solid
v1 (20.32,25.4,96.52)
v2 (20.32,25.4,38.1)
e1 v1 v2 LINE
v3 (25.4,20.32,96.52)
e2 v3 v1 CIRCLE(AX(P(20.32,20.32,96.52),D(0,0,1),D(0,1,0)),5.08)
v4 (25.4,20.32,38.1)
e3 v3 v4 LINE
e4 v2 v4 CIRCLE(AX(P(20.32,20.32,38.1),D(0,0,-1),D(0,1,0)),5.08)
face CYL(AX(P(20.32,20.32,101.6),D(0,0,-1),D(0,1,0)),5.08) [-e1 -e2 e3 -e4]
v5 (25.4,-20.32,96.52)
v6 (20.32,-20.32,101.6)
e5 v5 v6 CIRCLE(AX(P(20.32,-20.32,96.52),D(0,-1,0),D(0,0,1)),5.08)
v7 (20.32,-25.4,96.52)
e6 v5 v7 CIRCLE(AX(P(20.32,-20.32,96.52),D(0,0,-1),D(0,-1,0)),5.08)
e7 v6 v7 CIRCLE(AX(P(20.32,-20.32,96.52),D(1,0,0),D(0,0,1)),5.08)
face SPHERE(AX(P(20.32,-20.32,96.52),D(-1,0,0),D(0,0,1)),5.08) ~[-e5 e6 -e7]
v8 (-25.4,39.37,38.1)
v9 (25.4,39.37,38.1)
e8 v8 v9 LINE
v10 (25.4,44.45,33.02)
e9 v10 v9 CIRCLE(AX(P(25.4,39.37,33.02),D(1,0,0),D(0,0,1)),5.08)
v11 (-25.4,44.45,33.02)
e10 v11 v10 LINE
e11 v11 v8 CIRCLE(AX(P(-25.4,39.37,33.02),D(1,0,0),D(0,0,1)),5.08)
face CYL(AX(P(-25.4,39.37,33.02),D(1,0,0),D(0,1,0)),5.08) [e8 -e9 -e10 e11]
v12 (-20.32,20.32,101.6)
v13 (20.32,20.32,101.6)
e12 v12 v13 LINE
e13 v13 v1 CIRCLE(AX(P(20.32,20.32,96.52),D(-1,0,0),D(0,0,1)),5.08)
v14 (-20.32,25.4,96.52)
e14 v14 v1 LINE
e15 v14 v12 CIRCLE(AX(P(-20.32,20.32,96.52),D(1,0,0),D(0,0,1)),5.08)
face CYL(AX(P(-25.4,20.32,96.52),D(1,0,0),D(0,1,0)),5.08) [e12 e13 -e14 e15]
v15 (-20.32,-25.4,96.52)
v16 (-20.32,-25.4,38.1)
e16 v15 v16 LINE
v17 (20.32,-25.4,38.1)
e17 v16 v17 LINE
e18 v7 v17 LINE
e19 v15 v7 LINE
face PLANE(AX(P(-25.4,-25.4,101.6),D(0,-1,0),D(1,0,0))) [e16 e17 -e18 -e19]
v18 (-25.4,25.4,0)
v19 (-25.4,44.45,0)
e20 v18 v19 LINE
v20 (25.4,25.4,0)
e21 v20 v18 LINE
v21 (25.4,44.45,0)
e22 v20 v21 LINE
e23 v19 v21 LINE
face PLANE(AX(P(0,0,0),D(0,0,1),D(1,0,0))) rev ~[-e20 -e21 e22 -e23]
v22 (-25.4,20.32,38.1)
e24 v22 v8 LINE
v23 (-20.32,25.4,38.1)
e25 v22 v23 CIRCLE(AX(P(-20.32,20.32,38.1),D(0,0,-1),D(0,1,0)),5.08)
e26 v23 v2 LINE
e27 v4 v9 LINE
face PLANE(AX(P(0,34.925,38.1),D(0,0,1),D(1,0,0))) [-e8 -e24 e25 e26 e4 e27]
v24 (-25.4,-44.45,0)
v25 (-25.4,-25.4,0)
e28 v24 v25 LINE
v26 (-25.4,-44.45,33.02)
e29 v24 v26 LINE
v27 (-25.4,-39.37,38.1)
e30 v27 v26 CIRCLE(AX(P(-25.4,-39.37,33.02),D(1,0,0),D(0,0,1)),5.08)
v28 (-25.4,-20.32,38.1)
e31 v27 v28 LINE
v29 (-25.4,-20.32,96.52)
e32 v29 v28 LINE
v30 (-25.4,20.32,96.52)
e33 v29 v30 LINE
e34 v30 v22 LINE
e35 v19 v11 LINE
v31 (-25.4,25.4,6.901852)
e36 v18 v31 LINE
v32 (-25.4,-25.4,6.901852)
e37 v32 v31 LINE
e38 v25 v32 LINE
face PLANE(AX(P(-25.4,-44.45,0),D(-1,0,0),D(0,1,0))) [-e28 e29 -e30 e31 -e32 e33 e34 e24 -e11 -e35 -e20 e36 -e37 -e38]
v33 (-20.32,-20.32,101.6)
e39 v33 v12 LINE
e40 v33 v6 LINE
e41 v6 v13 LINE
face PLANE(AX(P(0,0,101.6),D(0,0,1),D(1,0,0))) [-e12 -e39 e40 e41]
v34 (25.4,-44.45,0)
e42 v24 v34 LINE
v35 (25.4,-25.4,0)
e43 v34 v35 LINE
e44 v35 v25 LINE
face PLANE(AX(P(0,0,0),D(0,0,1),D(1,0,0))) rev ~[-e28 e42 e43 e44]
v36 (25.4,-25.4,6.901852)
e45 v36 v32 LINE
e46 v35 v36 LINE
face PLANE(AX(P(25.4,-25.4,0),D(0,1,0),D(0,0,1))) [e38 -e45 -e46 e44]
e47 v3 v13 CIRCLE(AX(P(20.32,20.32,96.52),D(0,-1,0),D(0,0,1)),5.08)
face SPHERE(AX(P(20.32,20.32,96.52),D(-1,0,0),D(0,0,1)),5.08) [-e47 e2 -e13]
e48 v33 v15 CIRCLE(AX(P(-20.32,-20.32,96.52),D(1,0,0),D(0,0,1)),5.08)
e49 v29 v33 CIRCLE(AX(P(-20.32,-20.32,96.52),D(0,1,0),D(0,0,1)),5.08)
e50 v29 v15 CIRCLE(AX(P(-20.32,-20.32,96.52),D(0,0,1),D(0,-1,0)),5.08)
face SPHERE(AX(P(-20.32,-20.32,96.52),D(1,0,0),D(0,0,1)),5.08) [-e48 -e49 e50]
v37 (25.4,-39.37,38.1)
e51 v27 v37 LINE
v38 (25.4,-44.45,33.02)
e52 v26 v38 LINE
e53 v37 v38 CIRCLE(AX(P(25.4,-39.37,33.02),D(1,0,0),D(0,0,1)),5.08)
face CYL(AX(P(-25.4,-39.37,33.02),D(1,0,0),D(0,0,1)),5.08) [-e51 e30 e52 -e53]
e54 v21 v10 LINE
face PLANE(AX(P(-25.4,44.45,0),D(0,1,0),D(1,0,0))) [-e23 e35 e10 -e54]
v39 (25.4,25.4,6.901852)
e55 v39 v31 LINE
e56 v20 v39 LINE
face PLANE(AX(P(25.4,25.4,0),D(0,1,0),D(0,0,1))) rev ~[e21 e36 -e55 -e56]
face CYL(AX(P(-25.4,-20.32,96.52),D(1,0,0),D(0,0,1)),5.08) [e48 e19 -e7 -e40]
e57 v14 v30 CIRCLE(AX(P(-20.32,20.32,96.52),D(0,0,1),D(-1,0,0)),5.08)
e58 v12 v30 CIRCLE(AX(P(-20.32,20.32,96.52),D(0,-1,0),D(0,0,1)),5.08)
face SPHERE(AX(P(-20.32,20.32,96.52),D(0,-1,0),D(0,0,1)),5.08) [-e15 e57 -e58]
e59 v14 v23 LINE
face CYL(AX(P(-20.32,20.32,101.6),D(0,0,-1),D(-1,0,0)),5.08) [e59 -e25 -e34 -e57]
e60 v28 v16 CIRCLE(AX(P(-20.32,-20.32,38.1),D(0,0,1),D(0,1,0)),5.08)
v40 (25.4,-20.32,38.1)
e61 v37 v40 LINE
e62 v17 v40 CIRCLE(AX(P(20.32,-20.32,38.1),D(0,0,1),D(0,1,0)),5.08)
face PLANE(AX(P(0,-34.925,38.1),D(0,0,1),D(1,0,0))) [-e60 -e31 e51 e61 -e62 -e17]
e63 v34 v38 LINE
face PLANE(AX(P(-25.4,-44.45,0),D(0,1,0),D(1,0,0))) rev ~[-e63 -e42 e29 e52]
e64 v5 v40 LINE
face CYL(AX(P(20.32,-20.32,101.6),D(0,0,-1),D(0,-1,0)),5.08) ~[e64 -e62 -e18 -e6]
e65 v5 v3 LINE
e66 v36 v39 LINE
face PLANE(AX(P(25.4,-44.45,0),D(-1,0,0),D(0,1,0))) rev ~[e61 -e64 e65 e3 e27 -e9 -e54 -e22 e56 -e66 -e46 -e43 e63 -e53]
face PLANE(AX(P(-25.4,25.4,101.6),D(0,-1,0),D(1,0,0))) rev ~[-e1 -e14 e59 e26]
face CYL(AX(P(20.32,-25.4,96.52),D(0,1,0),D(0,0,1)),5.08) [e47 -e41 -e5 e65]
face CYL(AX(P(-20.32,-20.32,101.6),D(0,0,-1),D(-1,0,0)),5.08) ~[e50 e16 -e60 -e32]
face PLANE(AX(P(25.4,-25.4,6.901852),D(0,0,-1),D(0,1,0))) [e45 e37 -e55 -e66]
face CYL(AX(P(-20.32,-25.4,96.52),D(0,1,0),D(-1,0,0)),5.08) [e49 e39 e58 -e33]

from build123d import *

# Parameters (mm, degrees)
F0_W     = 50.8
F0_H     = 88.9
F1_DEPTH = 101.6
F2_W     = 50.8
F2_H     = 19.05
F3_DEPTH = 63.5
F4_W     = 50.8
F4_H     = 6.9018518552
F5_DEPTH = 50.8
F6_R     = 5.08


with BuildPart() as f1:
    # F0 (on Top) → F1 (new body)
    with BuildSketch(Plane.XY):
        Rectangle(F0_W, F0_H)
    extrude(amount=F1_DEPTH)

    # F2 (on face) → F3 (cut)
    with BuildSketch(Plane.XY.offset(101.6)):
        with Locations((0, -34.925)):
            Rectangle(F2_W, F2_H)
        with Locations((0, 34.925)):
            Rectangle(F2_W, F2_H)
    extrude(amount=-F3_DEPTH, mode=Mode.SUBTRACT)

    # F4 (on face) → F5 (cut)
    with BuildSketch(Plane.YZ.offset(25.4)):
        with Locations((0, 3.4509259276)):
            Rectangle(F4_W, F4_H)
    extrude(amount=-F5_DEPTH, mode=Mode.SUBTRACT)

    # F6
    f6_edges = [f1.edges().sort_by_distance(p)[0] for p in [
        (0, -25.4, 101.6),
        (-25.4, 0, 101.6),
        (0, 25.4, 101.6),
        (25.4, 0, 101.6),
        (25.4, -25.4, 69.85),
        (25.4, 25.4, 69.85),
        (-25.4, 25.4, 69.85),
        (-25.4, -25.4, 69.85),
        (0, -44.45, 38.1),
        (0, 44.45, 38.1),
    ]]
    fillet(f6_edges, radius=F6_R)


solid = f1.part
